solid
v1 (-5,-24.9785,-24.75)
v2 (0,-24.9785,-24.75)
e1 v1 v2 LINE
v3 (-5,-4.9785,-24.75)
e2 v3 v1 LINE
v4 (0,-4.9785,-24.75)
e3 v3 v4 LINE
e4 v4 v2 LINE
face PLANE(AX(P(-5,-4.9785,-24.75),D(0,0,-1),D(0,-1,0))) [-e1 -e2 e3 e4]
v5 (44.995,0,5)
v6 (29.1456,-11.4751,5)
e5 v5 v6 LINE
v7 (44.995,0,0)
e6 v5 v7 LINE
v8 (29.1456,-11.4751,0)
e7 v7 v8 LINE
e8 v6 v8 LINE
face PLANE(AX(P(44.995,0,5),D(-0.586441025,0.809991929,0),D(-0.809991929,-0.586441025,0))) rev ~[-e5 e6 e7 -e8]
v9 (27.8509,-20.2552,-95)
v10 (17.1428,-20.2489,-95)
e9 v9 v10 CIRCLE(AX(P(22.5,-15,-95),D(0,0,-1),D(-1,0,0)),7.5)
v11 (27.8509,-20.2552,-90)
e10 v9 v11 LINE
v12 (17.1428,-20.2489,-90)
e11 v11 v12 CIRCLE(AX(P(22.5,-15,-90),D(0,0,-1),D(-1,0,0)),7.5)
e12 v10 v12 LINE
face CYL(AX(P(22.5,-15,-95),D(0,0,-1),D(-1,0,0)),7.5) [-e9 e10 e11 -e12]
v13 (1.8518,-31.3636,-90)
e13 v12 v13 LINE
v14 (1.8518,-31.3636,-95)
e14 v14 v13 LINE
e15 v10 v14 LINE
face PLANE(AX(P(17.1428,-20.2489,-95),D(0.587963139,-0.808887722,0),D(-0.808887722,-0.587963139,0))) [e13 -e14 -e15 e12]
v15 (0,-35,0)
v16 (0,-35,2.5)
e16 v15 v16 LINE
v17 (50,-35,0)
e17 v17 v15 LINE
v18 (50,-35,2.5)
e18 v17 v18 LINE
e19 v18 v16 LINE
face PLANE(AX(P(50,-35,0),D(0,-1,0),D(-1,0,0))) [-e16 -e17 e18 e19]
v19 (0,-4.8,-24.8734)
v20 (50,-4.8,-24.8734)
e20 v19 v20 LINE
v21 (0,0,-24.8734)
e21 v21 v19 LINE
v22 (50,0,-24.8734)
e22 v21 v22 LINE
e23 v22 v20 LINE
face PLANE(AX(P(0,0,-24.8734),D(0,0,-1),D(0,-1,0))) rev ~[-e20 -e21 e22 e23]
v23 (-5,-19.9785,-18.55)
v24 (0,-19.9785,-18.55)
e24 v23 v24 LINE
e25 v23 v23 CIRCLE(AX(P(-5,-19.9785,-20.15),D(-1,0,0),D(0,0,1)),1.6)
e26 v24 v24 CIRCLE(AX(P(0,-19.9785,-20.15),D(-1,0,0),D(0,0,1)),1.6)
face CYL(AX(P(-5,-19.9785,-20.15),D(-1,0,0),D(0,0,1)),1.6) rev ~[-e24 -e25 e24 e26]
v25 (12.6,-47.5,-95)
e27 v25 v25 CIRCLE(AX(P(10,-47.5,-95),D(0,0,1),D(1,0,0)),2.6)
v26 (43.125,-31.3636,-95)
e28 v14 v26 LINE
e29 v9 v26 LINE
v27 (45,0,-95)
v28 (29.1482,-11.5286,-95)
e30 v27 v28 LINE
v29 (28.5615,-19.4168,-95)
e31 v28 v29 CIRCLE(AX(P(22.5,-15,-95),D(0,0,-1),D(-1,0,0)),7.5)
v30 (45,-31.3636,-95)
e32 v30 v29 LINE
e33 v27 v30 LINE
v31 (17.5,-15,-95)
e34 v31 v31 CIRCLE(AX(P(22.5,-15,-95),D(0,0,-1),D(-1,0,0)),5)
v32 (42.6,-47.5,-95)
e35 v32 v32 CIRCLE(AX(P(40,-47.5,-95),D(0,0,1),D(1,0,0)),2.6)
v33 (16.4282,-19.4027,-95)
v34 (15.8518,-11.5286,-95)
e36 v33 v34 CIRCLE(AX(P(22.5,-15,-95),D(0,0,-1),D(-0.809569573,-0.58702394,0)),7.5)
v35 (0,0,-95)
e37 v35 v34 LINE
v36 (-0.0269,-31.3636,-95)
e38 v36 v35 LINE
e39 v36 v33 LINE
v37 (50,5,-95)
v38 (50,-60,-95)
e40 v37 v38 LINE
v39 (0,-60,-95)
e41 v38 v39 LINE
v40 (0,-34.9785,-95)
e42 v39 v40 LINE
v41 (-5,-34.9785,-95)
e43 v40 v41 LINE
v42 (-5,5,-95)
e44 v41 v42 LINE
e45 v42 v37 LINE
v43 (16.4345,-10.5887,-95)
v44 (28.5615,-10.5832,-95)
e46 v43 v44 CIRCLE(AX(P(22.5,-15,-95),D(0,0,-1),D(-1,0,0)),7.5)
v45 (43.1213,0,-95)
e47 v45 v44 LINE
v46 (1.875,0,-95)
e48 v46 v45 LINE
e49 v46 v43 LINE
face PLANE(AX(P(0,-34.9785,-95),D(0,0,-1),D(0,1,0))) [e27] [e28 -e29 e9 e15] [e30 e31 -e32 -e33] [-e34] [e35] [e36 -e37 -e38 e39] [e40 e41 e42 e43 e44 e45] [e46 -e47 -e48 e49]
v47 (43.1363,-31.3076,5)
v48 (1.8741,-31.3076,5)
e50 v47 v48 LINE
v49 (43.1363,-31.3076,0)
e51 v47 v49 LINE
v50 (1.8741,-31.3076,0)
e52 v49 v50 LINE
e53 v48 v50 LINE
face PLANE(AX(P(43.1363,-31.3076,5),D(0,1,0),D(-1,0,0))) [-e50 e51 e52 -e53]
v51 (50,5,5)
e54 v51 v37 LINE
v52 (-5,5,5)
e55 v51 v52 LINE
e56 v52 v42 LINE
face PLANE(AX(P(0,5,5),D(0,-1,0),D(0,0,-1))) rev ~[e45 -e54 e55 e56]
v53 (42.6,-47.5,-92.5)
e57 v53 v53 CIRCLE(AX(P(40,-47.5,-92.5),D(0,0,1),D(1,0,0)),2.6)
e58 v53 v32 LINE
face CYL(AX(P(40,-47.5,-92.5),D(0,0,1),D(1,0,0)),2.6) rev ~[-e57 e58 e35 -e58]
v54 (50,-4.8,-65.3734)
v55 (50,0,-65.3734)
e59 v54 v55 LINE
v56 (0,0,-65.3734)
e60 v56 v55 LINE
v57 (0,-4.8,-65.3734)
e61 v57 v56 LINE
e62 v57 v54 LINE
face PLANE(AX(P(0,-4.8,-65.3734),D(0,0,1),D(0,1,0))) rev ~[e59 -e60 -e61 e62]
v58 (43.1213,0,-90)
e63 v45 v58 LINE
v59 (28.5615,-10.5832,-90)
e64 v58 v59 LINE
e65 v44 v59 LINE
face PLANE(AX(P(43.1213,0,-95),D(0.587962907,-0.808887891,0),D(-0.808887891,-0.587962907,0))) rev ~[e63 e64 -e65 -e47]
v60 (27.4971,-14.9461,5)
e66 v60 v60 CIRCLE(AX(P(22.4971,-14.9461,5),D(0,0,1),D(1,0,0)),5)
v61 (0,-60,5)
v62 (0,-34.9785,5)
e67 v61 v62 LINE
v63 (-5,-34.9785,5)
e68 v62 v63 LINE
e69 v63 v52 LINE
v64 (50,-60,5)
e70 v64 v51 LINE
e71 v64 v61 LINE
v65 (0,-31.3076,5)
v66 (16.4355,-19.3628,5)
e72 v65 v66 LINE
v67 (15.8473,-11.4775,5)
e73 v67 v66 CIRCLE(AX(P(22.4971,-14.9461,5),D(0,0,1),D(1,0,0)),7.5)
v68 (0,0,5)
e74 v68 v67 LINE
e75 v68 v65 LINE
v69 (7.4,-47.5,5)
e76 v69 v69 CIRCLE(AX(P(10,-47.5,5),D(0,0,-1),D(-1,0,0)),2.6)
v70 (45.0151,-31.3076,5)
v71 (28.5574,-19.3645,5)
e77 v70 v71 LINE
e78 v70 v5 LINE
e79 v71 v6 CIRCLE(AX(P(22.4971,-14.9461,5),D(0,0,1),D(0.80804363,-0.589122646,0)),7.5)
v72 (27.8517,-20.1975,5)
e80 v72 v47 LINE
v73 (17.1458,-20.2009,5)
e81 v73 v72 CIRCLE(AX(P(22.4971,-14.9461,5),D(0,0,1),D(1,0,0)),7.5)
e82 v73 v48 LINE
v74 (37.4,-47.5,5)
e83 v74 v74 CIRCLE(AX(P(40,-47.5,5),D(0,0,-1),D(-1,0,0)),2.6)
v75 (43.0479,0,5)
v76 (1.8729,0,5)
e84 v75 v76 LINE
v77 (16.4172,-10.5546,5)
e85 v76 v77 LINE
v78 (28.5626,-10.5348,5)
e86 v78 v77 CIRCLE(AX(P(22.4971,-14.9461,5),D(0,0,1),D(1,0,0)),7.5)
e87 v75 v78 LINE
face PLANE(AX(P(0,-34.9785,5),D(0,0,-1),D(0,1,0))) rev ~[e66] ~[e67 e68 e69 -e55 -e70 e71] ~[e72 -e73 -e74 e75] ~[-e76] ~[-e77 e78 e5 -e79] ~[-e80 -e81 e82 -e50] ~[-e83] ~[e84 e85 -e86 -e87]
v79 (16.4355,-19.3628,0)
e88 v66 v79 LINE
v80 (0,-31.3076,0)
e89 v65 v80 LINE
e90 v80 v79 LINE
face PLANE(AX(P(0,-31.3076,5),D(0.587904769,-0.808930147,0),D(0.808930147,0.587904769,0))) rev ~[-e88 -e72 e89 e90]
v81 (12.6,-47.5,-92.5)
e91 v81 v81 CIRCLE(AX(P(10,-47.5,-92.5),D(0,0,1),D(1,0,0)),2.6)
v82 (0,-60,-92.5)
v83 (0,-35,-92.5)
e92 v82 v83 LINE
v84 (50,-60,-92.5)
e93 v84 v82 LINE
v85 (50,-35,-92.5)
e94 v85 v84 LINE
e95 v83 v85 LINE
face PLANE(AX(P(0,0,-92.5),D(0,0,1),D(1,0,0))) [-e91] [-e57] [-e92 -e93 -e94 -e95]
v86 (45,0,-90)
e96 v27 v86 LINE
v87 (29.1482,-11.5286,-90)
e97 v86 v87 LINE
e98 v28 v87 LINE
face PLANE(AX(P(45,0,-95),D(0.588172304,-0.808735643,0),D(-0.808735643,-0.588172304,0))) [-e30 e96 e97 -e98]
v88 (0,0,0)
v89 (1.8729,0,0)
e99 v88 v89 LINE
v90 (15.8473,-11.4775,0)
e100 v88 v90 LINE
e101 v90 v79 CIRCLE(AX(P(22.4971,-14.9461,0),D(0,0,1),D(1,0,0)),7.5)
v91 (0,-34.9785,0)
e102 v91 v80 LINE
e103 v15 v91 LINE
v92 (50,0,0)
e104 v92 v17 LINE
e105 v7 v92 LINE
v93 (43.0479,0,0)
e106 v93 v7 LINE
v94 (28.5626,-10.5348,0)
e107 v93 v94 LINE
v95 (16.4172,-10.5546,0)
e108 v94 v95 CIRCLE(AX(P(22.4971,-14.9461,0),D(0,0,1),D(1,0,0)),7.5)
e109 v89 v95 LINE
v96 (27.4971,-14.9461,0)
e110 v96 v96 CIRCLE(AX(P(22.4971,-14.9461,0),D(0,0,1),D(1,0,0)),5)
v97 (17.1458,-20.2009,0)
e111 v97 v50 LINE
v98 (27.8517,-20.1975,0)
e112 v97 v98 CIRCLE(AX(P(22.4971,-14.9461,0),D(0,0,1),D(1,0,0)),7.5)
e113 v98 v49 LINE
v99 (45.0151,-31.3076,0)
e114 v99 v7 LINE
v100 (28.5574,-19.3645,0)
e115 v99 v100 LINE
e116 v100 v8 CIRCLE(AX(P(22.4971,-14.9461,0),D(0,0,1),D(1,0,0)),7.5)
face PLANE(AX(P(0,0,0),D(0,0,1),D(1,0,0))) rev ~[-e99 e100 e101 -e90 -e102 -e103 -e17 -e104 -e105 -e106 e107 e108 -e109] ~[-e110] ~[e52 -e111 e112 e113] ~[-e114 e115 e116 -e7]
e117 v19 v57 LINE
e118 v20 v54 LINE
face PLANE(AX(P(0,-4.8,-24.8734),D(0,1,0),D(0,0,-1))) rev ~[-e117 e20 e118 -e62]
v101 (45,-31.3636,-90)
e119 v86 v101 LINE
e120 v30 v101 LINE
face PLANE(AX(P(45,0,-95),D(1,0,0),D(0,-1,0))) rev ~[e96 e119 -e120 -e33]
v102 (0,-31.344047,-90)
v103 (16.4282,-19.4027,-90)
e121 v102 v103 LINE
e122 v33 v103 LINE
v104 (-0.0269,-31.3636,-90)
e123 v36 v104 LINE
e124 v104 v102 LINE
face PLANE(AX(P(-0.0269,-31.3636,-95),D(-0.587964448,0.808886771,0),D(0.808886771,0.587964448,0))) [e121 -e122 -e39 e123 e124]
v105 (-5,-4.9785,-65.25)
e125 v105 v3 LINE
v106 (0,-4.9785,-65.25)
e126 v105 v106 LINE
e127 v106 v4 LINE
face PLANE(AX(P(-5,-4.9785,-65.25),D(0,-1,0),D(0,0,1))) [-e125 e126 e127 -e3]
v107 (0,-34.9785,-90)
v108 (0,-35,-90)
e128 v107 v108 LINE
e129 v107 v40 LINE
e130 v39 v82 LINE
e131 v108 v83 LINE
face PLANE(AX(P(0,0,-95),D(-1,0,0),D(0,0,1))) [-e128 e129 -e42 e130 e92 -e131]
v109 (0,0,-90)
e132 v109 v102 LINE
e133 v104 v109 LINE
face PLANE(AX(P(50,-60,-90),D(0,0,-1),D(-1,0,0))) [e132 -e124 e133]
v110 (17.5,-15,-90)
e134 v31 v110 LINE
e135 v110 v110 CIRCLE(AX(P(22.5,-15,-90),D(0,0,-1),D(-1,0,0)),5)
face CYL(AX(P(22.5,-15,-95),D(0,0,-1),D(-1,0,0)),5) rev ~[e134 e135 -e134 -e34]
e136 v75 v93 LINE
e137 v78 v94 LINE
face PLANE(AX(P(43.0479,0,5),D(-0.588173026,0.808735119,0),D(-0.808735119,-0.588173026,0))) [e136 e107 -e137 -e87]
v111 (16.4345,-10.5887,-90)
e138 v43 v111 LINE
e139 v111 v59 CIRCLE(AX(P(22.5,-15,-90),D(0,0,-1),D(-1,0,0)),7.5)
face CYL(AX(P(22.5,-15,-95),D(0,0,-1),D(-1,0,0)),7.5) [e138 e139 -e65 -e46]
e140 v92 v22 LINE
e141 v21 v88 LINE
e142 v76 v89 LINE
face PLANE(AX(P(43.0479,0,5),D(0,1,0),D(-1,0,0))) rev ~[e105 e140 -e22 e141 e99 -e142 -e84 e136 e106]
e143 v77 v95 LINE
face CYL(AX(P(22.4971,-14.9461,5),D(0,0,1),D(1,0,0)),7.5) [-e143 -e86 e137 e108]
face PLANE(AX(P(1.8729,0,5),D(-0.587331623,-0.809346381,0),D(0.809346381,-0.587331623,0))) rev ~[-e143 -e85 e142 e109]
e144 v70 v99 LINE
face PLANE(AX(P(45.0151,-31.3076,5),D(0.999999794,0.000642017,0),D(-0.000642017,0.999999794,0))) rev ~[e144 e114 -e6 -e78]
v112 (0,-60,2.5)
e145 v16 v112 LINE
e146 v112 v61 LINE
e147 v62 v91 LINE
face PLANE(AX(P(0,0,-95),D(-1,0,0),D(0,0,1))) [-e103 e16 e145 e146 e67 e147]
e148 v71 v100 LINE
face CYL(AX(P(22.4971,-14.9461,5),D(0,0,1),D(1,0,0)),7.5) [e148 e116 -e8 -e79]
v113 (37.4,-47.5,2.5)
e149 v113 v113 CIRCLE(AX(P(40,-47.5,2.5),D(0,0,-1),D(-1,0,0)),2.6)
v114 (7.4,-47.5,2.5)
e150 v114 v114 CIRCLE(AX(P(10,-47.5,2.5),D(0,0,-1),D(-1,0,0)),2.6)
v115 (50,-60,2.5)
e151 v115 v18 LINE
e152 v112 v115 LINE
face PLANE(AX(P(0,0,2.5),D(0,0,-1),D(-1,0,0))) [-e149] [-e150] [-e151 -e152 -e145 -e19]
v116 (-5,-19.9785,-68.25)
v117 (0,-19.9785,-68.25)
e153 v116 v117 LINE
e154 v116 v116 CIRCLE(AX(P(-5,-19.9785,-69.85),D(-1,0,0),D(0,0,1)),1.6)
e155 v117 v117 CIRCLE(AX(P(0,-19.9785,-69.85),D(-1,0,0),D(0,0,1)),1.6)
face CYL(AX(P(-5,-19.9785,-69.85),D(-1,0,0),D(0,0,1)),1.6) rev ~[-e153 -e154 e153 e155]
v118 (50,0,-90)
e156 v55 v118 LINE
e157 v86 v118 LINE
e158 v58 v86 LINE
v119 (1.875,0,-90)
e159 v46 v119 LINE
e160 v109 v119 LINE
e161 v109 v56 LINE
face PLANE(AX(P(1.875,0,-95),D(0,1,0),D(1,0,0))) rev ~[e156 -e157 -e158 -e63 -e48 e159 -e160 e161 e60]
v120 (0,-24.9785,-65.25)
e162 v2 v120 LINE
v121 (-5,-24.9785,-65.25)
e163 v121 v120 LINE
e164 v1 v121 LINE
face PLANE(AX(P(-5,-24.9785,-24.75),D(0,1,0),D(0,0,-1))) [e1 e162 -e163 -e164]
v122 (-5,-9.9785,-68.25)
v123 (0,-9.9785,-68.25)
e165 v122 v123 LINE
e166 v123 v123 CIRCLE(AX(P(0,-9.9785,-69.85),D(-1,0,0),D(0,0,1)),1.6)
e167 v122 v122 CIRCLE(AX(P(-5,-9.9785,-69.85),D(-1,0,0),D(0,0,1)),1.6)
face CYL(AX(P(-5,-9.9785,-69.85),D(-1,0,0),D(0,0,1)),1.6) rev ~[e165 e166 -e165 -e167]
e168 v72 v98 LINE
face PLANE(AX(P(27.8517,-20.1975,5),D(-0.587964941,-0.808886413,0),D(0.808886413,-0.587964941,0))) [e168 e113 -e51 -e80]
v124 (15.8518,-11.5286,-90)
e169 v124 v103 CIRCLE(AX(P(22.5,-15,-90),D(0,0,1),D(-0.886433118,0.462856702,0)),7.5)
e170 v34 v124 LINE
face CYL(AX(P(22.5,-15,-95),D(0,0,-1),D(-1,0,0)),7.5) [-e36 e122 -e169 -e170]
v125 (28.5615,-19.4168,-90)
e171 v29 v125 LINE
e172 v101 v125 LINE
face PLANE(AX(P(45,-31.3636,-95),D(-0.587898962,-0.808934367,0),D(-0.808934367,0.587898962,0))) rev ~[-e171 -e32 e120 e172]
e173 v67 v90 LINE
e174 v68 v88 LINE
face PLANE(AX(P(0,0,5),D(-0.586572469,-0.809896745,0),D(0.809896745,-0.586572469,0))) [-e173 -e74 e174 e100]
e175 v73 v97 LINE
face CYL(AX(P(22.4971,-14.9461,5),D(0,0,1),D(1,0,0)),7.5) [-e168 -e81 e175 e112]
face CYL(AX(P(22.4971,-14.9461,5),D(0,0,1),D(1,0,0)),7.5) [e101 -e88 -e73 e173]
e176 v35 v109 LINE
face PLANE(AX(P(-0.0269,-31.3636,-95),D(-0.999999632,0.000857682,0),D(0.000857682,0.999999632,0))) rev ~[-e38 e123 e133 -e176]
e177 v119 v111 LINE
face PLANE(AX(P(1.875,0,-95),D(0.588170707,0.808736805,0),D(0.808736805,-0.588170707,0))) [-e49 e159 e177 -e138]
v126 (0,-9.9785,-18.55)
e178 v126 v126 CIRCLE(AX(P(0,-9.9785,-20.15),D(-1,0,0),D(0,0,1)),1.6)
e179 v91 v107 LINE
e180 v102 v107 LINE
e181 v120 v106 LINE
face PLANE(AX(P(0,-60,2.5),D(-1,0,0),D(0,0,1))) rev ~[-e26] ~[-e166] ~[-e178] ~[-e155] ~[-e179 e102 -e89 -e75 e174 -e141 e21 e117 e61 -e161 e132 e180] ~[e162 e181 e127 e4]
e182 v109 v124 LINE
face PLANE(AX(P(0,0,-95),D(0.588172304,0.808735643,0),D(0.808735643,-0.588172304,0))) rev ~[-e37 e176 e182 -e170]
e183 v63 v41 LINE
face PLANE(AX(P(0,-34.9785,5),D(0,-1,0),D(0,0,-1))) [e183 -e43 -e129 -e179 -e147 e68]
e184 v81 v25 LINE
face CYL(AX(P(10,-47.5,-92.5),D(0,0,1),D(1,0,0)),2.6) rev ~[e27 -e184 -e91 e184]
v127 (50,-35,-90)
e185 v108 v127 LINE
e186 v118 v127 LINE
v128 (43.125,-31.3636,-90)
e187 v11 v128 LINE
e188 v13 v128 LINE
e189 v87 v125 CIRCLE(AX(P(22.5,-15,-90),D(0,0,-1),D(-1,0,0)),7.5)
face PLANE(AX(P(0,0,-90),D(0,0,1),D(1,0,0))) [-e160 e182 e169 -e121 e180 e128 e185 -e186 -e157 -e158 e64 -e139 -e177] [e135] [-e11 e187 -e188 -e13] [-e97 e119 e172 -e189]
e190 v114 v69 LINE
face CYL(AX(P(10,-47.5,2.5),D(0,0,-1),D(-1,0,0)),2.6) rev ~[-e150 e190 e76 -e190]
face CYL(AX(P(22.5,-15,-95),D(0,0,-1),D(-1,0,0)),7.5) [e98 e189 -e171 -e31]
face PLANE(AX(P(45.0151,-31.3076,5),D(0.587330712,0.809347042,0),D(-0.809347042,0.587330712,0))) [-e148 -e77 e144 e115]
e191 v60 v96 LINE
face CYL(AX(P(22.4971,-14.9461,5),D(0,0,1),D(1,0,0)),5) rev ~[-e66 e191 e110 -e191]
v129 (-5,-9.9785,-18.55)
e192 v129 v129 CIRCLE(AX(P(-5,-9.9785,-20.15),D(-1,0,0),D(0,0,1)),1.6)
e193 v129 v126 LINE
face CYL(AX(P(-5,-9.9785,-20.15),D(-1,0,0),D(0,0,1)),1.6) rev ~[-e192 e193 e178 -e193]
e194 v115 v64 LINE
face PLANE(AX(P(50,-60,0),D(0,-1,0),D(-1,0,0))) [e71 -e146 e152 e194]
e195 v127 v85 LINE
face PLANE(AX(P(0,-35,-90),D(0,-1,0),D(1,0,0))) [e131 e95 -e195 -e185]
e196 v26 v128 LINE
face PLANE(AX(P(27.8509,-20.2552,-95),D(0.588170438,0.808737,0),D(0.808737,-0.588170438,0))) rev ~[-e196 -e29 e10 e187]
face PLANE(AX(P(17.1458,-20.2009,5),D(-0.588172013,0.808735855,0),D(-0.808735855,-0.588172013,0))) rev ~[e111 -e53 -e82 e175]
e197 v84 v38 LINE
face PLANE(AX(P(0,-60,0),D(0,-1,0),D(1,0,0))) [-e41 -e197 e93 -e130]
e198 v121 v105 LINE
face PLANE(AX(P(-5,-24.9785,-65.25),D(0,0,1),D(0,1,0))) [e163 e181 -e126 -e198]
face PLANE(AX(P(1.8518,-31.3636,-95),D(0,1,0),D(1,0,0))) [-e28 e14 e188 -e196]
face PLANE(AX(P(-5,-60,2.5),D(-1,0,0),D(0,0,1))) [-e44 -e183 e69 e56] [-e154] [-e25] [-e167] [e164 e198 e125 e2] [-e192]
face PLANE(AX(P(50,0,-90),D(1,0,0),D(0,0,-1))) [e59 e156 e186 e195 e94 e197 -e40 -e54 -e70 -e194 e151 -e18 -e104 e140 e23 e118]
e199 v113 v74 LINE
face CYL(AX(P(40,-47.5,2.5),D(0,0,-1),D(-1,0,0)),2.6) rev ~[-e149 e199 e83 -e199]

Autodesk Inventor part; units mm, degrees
ref_plane "YZ Plane" through (0, 0, 0) normal (1, 0, 0) x (0, 1, 0)
ref_plane "XZ Plane" through (0, 0, 0) normal (0, 1, 0) x (-1, 0, 0)
ref_plane "XY Plane" through (0, 0, 0) normal (0, 0, 1) x (1, 0, 0)
sketch "Esquisse1" plane through (0, 0, 0) normal (0, 0, 1) x (1, 0, 0)
  line L0 (0, 0) -> (50, 0)
  line L1 (50, 0) -> (50, -60)
  line L2 (50, -60) -> (0, -60)
  line L3 (0, -60) -> (0, 0)
  dimension "d0" = 50
  dimension "d1" = 60
extrude "Extrusion1" add sketch "Esquisse1" along normal blind 5
sketch "Esquisse2" plane through (0, 0, 0) normal (0, 0, -1) x (-1, 0, 0)
  line L0 (0, -60) -> (-50, -60)
  line L1 (-50, -60) -> (-50, -35)
  line L2 (-50, -35) -> (0, -35)
  line L3 (0, -35) -> (0, -60)
  dimension "d4" = 25
extrude "Extrusion2" cut sketch "Esquisse2" against normal blind 2.5
sketch "Esquisse4" plane through (0, 0, 2.5) normal (0, 0, -1) x (-1, 0, 0)
  circle A0 centre (-10, -47.5) radius 2.6
  circle A1 centre (-40, -47.5) radius 2.6
  line L0 (-50, -60) -> (-50, -35) projected
  line L1 (0, -35) -> (0, -60) projected
  line L2 (0, -60) -> (-50, -60) projected
  point P0 (0, 0)
  dimension "d7" = 10
  dimension "d8" = 10
  dimension "d9" = 5.2
  dimension "d10" = 5.2
  dimension "d11" = 12.5
  dimension "d12" = 12.5
extrude "Extrusion3" cut sketch "Esquisse4" against normal blind 2.5
sketch "Esquisse5" plane through (0, 0, 0) normal (0, 1, 0) x (1, 0, 0)
  line L0 (0, -5) -> (50, -5)
  line L1 (50, -5) -> (50, 95)
  line L2 (50, 95) -> (0, 95)
  line L3 (0, 95) -> (0, -5)
  point P0 (0, 0)
  dimension "d15" = 50
  dimension "d16" = 100
extrude "Extrusion4" add sketch "Esquisse5" along normal blind 5
sketch "Esquisse6" plane through (0, 0, 0) normal (0, -1, 0) x (1, 0, 0)
  line L0 (50, -95) -> (0, -95)
  line L1 (0, -95) -> (0, -90)
  line L2 (0, -90) -> (50, -90)
  line L3 (50, -90) -> (50, -95)
  dimension "d19" = 5
extrude "Extrusion5" add sketch "Esquisse6" along normal blind 60
sketch "Esquisse7" plane through (0, 0, -90) normal (0, 0, 1) x (1, 0, 0)
  line L0 (50, -60) -> (0, -60)
  line L1 (0, -60) -> (0, -35)
  line L2 (0, -35) -> (50, -35)
  line L3 (50, -35) -> (50, -60)
  point P0 (0, 0)
  dimension "d22" = 25
extrude "Extrusion6" cut sketch "Esquisse7" against normal blind 2.5
sketch "Esquisse8" plane through (0, 0, -92.5) normal (0, 0, 1) x (1, 0, 0)
  circle A0 centre (40, -47.5) radius 2.6
  circle A1 centre (10, -47.5) radius 2.6
  line L0 (50, -60) -> (0, -60) projected
  line L1 (0, -60) -> (0, -35) projected
  line L2 (50, -35) -> (50, -60) projected
  point P0 (0, 0)
  dimension "d25" = 5.2
  dimension "d26" = 5.2
  dimension "d27" = 12.5
  dimension "d28" = 12.5
  dimension "d29" = 10
  dimension "d30" = 10
extrude "Extrusion7" cut sketch "Esquisse8" against normal blind 2.5
sketch "Esquisse9" plane through (0, -60, 2.5) normal (-1, 0, 0) x (0, 0, 1)
  line L0 (2.5, 0) -> (2.5, 65) projected
  line L1 (2.5, 65) -> (-97.5, 65) projected
  line L2 (2.5, 25.0215) -> (-97.5, 25.0215)
  line L3 (-97.5, 25.0215) -> (-97.5, 65)
  line L4 (-97.5, 65) -> (2.5, 65)
  line L5 (2.5, 65) -> (2.5, 25.0215)
  point P0 (-2.5, 60)
extrude "Extrusion8" add sketch "Esquisse9" along normal blind 5
sketch "Esquisse10" plane through (-5, -60, 2.5) normal (-1, 0, 0) x (0, 0, 1)
  line L0 (-27.25, 35.0215) -> (-67.75, 35.0215)
  line L1 (-67.75, 35.0215) -> (-67.75, 55.0215)
  line L2 (-67.75, 55.0215) -> (-27.25, 55.0215)
  line L3 (-27.25, 55.0215) -> (-27.25, 35.0215)
  circle A0 centre (-22.65, 40.0215) radius 1.6
  circle A1 centre (-22.65, 50.0215) radius 1.6
  circle A2 centre (-72.35, 40.0215) radius 1.6
  circle A3 centre (-72.35, 50.0215) radius 1.6
  line L4 (2.5, 25.0215) -> (2.5, 65) projected
  line L5 (-97.5, 25.0215) -> (2.5, 25.0215) projected
  dimension "d35" = 20
  dimension "d36" = 40.5
  dimension "d37" = 3.2
  dimension "d38" = 3.2
  dimension "d39" = 3.2
  dimension "d40" = 3.2
  dimension "d41" = 10
  dimension "d42" = 5
  dimension "d43" = 4.6
  dimension "d44" = 4.6
  dimension "d45" = 5
  dimension "d46" = 5
  dimension "d47" = 4.6
  dimension "d48" = 4.6
  dimension "d49" = 29.75
  dimension "d50" = 10
extrude "Extrusion9" cut sketch "Esquisse10" against normal blind 5
sketch "Esquisse12" plane through (0, -60, 2.5) normal (1, 0, 0) x (0, 0, -1)
  line L0 (67.8734, 60) -> (27.3734, 60)
  line L1 (27.3734, 60) -> (27.3734, 55.2)
  line L2 (27.3734, 55.2) -> (67.8734, 55.2)
  line L3 (67.8734, 55.2) -> (67.8734, 60)
  point P0 (2.5, 60)
  dimension "d56" = 4.8
  dimension "d57" = 40.5
extrude "Extrusion11" add sketch "Esquisse12" along normal blind 50
sketch "Esquisse13" plane through (50, -60, -95) normal (0, 0, -1) x (-1, 0, 0)
  line L0 (55, 65) -> (55, 25.0215) construction
  line L1 (0, 65) -> (55, 65) construction
  line L2 (55, 25.0215) -> (0, 65) construction
  line L3 (0, 60) -> (0, 25) construction
  line L4 (55, 65) -> (0, 25) construction
  circle A0 centre (27.5, 45) radius 5
  circle A1 centre (27.5, 45) radius 7.5
  line L5 (50.0269, 28.6364) -> (50, 60)
  line L6 (50, 60) -> (5, 60)
  line L7 (5, 60) -> (5, 28.6364)
  line L8 (50.0269, 28.6364) -> (5, 28.6364)
  line L9 (50.0269, 28.6364) -> (33.5718, 40.5973)
  line L10 (32.8572, 39.7511) -> (48.1482, 28.6364)
  line L11 (5, 28.6364) -> (21.4385, 40.5832)
  line L12 (22.1491, 39.7448) -> (6.875, 28.6364)
  line L13 (5, 60) -> (20.8518, 48.4714)
  line L14 (6.8787, 60) -> (21.4385, 49.4168)
  line L15 (0, 60) -> (50, 60) projected
  line L16 (50, 60) -> (34.1482, 48.4714)
  line L17 (50, 60) -> (48.125, 60)
  line L18 (48.125, 60) -> (33.5655, 49.4113)
  dimension "d61" = 15
  dimension "d60" = 10
  dimension "d62" = 5
extrude "Extrusion12" cut sketch "Esquisse13" against normal blind 5 contours A0 | A1 L16 L5 L9 | A1 L14 L6 L18 | L10 L8 L12 A1 | A1 L11 L7 L13
sketch "Esquisse15" plane through (0, 0, 5) normal (0, 0, 1) x (1, 0, 0)
  line L0 (49.9941, 5.0518) -> (50.0216, -34.9407) construction
  line L1 (-5.0098, 4.9946) -> (49.9941, 5.0518) construction
  line L2 (50.0216, -34.9407) -> (-5.0098, 4.9946) construction
  line L3 (-5, 1.3813) -> (-5, -34.9439) construction
  line L4 (49.9941, 5.0518) -> (-5, -34.9439) construction
  circle A0 centre (22.4971, -14.9461) radius 5
  circle A1 centre (22.4971, -14.9461) radius 7.5
  line L5 (45.0151, -31.3076) -> (44.995, 0)
  line L6 (44.995, 0) -> (0, 0)
  line L7 (0, 0) -> (0, -31.3076)
  line L8 (45.0151, -31.3076) -> (0, -31.3076)
  line L9 (45.0151, -31.3076) -> (28.5574, -19.3645)
  line L10 (27.8517, -20.1975) -> (43.1363, -31.3076)
  line L11 (0, -31.3076) -> (16.4355, -19.3628)
  line L12 (17.1458, -20.2009) -> (1.8741, -31.3076)
  line L13 (0, 0) -> (15.8473, -11.4775)
  line L14 (1.8729, 0) -> (16.4172, -10.5546)
  line L15 (44.995, 0) -> (29.1456, -11.4751)
  line L16 (0, -34.9785) -> (0, 0) projected
  line L17 (43.0479, 0) -> (28.5626, -10.5348)
  line L18 (44.995, 0) -> (43.0479, 0)
  line L19 (0, 0) -> (50, 0) projected
  dimension "d73" = 15
  dimension "d72" = 10
  dimension "d74" = 5
  dimension "d77" = 0
extrude "Extrusion13" cut sketch "Esquisse15" against normal blind 10 contours A0 | A1 L15 L5 L9 | A1 L14 L6 L17 | L10 L8 L12 A1 | A1 L11 L7 L13
properties part number "Biceps2 v2" material "Plastique ABS"
